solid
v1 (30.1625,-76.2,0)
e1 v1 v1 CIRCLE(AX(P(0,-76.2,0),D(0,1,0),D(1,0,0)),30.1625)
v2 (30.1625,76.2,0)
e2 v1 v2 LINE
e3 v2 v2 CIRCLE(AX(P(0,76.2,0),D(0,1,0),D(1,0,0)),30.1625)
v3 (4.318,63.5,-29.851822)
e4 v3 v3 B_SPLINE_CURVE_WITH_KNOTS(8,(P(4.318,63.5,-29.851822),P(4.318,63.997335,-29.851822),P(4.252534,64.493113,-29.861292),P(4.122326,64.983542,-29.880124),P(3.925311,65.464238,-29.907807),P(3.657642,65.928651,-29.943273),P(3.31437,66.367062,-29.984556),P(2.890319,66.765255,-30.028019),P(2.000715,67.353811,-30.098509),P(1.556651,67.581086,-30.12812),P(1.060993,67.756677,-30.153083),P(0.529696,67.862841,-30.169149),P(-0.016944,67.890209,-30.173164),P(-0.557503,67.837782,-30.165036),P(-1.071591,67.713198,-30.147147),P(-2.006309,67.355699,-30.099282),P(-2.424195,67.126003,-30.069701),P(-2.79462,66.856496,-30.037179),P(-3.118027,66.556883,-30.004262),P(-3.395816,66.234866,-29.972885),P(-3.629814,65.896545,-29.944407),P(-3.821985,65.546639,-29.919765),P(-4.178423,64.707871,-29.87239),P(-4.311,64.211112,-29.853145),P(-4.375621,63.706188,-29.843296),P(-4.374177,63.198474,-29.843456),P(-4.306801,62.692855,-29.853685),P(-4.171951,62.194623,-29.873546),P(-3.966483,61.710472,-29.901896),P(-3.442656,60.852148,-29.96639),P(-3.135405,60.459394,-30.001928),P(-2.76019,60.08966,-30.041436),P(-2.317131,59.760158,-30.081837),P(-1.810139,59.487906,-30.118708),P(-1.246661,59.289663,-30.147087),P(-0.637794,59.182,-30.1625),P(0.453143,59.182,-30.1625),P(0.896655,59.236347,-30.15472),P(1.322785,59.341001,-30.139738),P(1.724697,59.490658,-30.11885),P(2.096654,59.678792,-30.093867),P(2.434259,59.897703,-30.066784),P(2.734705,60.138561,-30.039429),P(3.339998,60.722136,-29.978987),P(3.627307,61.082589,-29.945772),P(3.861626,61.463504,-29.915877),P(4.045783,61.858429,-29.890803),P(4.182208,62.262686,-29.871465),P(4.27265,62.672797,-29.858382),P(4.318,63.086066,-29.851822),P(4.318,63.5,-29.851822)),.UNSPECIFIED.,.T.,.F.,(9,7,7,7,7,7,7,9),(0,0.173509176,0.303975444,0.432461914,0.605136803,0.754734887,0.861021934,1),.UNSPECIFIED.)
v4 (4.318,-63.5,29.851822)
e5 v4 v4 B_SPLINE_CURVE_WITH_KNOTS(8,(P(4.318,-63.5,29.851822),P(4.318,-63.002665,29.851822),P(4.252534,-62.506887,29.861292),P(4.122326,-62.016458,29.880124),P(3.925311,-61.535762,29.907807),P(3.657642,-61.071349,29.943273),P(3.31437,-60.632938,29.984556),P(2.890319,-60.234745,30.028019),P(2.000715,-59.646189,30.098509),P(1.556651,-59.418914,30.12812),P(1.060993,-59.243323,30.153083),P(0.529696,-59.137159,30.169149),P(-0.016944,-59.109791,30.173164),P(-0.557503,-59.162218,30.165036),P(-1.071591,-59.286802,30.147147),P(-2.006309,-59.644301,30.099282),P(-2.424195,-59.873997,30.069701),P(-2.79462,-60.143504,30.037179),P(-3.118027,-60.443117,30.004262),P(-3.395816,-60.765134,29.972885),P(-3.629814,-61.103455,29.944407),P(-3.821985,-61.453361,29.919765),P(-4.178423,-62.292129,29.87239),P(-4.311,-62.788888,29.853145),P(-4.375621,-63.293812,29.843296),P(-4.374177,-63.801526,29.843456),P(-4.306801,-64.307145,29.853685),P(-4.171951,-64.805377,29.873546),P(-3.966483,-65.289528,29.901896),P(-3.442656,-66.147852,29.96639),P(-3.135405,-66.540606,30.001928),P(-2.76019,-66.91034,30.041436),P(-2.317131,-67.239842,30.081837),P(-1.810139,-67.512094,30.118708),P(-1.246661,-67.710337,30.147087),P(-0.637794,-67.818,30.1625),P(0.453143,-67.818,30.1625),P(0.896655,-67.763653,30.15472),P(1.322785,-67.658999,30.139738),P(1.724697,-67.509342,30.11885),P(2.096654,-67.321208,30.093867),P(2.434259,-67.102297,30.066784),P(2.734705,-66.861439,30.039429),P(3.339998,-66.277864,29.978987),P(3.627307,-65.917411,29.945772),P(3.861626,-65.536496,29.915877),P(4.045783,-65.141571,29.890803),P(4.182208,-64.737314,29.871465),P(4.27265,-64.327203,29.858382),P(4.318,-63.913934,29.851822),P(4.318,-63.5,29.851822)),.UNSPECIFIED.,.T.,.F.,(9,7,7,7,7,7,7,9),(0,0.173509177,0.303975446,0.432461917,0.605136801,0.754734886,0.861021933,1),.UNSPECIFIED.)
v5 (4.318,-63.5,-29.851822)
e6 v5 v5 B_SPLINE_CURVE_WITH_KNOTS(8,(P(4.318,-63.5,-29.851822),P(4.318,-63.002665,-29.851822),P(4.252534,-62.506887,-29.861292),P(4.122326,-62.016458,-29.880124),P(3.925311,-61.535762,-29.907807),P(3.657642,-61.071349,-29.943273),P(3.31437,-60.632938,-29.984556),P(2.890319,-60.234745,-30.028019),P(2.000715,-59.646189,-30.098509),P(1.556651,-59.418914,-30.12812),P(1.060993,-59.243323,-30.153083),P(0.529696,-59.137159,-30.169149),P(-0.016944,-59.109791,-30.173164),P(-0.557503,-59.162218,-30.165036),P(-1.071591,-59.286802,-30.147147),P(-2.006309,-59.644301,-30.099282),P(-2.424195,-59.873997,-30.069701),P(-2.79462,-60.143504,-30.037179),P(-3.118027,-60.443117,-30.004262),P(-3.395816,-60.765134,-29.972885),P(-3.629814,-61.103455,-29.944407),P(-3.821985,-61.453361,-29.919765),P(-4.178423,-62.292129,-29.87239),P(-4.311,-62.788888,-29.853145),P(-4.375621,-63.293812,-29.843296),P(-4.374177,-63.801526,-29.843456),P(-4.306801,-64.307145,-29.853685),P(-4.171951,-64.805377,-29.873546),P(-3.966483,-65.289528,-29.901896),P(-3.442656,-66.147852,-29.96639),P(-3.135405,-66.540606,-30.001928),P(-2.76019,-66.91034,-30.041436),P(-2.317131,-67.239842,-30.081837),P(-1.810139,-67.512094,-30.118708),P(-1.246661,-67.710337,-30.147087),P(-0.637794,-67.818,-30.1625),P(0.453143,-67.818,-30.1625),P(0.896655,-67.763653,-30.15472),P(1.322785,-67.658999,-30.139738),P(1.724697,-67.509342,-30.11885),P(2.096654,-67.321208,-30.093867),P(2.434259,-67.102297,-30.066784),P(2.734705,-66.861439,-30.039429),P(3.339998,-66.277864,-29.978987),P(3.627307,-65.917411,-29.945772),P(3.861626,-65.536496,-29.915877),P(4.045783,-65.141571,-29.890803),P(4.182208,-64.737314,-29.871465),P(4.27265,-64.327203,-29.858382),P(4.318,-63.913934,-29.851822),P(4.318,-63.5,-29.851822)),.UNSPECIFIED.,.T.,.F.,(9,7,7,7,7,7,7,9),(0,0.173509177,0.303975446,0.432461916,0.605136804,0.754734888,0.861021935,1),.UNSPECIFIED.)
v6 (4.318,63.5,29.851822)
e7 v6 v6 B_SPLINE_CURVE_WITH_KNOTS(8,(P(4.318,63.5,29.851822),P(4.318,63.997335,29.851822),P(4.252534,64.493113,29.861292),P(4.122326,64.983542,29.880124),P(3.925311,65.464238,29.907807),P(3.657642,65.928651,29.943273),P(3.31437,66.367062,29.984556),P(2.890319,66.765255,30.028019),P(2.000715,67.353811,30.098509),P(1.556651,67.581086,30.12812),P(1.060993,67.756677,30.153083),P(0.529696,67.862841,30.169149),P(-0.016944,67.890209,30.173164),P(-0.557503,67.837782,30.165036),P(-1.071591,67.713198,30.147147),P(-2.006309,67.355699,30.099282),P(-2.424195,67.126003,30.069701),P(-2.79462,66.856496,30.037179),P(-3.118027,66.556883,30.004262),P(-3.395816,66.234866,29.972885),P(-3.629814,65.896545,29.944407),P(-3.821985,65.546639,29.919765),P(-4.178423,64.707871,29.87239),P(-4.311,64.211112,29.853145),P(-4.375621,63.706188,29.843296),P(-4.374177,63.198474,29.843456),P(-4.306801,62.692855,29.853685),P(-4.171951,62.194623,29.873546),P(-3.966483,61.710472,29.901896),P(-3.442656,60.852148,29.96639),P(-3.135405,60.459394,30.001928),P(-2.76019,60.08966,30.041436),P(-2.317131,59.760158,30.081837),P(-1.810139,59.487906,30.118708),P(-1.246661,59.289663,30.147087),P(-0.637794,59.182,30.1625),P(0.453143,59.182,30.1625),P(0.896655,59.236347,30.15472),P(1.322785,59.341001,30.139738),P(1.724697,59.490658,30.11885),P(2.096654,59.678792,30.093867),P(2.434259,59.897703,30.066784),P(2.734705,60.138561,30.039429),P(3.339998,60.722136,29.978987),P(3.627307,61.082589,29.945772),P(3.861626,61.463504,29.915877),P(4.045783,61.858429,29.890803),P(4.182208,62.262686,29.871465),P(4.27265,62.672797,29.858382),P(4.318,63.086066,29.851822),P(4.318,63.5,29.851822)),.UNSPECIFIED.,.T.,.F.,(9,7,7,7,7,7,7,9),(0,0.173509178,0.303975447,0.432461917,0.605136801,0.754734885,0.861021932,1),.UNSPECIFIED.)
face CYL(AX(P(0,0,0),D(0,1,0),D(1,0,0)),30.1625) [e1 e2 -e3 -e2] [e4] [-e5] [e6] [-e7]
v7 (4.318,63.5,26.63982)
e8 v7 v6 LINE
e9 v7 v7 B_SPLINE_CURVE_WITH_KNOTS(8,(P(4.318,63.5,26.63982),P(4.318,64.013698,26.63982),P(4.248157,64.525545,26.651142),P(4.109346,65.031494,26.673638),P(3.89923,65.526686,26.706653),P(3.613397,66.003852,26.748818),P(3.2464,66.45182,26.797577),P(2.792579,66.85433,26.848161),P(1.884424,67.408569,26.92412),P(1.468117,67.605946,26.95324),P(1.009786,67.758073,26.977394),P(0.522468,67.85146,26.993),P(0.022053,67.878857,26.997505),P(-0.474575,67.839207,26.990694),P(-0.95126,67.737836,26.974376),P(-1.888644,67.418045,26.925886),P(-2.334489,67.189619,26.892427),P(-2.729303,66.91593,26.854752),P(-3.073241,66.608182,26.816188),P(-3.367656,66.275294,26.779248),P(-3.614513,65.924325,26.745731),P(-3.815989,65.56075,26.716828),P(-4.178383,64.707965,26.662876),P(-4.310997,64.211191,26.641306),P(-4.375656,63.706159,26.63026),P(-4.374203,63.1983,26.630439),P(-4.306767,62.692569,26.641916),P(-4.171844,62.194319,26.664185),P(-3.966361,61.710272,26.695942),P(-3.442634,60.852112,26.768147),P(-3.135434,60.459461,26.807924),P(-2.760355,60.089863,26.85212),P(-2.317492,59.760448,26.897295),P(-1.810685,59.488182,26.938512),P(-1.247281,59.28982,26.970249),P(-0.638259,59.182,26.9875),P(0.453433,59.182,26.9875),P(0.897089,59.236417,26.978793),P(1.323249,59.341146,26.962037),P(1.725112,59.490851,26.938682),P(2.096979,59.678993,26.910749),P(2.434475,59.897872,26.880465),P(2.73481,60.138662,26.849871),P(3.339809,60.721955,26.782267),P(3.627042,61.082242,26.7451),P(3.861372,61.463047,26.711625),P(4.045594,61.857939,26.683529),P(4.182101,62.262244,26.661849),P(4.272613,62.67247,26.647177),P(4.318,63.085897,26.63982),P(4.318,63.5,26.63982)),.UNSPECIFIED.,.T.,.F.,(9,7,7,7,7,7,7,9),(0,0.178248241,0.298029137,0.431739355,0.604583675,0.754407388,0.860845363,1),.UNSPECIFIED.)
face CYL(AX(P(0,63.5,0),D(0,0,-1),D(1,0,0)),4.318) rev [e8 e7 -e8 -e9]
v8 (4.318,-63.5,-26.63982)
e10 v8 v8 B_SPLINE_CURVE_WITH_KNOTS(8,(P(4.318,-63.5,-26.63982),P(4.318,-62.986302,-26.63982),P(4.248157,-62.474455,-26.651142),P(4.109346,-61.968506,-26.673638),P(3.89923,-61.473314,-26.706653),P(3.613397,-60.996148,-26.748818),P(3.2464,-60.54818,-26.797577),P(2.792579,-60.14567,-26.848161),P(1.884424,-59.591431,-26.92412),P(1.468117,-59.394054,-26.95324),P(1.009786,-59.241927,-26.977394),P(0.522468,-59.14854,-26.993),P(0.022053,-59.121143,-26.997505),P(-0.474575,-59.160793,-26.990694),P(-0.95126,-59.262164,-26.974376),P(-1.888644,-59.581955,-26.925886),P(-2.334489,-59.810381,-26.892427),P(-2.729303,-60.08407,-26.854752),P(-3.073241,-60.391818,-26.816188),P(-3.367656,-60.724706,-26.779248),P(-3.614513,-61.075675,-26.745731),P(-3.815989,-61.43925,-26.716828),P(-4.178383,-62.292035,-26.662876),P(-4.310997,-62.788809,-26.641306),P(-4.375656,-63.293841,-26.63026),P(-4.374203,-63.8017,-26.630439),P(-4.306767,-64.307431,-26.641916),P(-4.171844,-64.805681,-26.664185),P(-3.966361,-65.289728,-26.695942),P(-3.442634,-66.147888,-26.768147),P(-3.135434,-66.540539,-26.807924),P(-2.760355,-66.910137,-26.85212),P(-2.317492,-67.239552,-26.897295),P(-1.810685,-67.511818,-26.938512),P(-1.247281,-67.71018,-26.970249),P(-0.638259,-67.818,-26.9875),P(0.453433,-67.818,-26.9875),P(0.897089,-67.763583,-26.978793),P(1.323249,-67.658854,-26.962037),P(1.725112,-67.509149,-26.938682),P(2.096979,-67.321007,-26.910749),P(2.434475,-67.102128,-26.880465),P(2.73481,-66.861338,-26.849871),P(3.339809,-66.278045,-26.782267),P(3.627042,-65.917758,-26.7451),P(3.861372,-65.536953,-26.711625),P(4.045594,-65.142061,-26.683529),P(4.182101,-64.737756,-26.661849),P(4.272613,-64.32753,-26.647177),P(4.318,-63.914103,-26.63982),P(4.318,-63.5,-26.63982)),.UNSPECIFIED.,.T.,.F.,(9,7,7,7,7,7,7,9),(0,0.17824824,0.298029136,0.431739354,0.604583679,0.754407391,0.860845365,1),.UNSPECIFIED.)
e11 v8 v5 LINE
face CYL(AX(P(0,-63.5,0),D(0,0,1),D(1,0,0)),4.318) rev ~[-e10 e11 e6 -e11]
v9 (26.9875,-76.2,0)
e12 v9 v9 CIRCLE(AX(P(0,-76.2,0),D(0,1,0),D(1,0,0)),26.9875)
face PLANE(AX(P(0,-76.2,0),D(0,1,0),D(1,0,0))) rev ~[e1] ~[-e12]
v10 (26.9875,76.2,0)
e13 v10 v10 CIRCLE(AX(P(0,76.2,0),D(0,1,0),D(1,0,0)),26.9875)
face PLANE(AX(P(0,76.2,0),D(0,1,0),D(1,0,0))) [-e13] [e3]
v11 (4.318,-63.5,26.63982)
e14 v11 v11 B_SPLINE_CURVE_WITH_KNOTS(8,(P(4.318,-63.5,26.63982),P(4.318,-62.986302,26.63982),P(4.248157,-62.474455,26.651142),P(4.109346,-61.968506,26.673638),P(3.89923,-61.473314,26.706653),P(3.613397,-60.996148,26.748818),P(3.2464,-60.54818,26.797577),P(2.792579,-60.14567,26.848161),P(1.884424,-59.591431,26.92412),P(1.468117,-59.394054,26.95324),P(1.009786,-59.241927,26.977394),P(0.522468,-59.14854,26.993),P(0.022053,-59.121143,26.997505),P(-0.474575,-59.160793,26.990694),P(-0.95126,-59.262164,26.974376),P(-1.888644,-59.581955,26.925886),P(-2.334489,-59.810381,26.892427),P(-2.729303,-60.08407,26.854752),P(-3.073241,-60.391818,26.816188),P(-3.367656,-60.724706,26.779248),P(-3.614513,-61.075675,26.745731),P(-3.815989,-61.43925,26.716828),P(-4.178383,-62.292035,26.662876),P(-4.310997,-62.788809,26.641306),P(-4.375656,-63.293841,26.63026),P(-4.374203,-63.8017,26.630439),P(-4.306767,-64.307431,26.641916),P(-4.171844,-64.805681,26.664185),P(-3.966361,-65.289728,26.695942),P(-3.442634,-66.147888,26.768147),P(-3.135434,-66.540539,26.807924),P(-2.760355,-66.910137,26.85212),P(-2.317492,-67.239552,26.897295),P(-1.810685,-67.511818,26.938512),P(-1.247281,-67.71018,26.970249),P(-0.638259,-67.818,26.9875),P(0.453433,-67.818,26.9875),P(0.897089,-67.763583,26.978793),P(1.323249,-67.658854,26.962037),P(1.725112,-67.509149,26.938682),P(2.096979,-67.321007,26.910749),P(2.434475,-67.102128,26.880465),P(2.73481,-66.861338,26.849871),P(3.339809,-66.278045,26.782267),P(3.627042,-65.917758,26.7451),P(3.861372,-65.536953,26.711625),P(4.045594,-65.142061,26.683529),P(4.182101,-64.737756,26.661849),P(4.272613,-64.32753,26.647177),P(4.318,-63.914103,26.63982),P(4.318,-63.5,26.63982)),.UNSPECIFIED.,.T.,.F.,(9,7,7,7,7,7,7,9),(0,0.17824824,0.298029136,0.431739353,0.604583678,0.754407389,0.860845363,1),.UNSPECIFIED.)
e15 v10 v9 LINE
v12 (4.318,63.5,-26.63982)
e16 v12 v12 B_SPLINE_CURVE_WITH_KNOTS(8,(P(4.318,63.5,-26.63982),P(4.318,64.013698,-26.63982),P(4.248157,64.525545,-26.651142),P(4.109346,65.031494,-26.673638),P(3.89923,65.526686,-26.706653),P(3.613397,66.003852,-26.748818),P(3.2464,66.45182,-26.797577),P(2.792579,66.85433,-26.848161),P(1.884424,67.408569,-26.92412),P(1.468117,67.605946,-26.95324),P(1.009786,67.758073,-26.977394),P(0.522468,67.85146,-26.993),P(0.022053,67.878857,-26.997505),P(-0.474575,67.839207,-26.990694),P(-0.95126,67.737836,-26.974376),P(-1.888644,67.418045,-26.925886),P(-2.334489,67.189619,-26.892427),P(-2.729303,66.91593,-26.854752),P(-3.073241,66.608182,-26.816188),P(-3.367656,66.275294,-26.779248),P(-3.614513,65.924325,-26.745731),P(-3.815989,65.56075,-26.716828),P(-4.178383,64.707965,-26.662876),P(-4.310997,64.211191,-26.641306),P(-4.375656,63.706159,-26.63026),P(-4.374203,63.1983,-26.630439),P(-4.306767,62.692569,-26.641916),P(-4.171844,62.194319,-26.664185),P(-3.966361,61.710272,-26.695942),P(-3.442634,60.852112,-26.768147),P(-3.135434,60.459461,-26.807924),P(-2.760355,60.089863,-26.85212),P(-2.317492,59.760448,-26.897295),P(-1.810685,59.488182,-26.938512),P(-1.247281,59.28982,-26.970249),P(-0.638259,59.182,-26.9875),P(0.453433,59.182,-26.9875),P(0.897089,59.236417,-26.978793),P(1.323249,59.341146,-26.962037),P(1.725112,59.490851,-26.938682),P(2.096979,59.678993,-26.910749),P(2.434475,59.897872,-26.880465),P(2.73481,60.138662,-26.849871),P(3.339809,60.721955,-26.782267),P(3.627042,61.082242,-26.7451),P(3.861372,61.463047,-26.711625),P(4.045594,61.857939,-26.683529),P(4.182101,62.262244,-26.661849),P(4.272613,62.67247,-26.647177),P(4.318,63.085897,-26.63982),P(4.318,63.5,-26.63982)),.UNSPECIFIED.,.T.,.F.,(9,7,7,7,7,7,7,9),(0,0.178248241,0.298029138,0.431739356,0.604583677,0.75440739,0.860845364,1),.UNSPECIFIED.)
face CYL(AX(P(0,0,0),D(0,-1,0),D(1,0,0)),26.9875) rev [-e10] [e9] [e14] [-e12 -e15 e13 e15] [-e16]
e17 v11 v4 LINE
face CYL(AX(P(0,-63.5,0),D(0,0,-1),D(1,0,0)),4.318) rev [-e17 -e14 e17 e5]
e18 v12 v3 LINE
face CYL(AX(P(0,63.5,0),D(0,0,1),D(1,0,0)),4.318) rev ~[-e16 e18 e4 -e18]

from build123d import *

# Parameters (mm, degrees)
BOSS_EXTRUDE1_DEPTH            = 76.2
BOSS_EXTRUDE1_DEPTH_BACK       = 76.2
SKETCH1_R                      = 30.1625
SKETCH1_R_2                    = 26.9875
CUT_EXTRUDE1_REACH             = 89.327
SKETCH2_R                      = 4.318
CUT_EXTRUDE1_DIRECTION_2_REACH = 89.327


with BuildPart() as part:
    # Sketch1 → Boss-Extrude1 (new, two sides: drawn at the far end of the back side and taken through both)
    with BuildSketch(Plane(origin=(0, 0, 0), x_dir=(1, 0, 0), z_dir=(0, 1, 0)).offset(-BOSS_EXTRUDE1_DEPTH_BACK)):
        Circle(SKETCH1_R)
        Circle(SKETCH1_R_2, mode=Mode.SUBTRACT)
    extrude(amount=BOSS_EXTRUDE1_DEPTH + BOSS_EXTRUDE1_DEPTH_BACK)

    # Sketch2 → Cut-Extrude1 (cut, up to next)
    with BuildSketch(Plane.XY, mode=Mode.PRIVATE) as cut_extrude1_sk1:
        with Locations((0, 63.5)):
            Circle(SKETCH2_R)
    cut_extrude1_tool1 = extrude(cut_extrude1_sk1.sketch, amount=-CUT_EXTRUDE1_REACH, mode=Mode.PRIVATE) & part.part
    # Sketch2 → Cut-Extrude1 (cut, up to next)
    with BuildSketch(Plane.XY, mode=Mode.PRIVATE) as cut_extrude1_sk2:
        with Locations((0, -63.5)):
            Circle(SKETCH2_R)
    cut_extrude1_tool2 = extrude(cut_extrude1_sk2.sketch, amount=-CUT_EXTRUDE1_REACH, mode=Mode.PRIVATE) & part.part
    add(cut_extrude1_tool1.solids().sort_by_distance((0, 63.5, 0))[0], mode=Mode.SUBTRACT)
    add(cut_extrude1_tool2.solids().sort_by_distance((0, -63.5, 0))[0], mode=Mode.SUBTRACT)

    # Sketch2 → Cut-Extrude1 direction 2 (cut, up to next)
    with BuildSketch(Plane.XY, mode=Mode.PRIVATE) as cut_extrude1_direction_2_sk1:
        with Locations((0, 63.5)):
            Circle(SKETCH2_R)
    cut_extrude1_direction_2_tool1 = extrude(cut_extrude1_direction_2_sk1.sketch, amount=CUT_EXTRUDE1_DIRECTION_2_REACH, mode=Mode.PRIVATE) & part.part
    # Sketch2 → Cut-Extrude1 direction 2 (cut, up to next)
    with BuildSketch(Plane.XY, mode=Mode.PRIVATE) as cut_extrude1_direction_2_sk2:
        with Locations((0, -63.5)):
            Circle(SKETCH2_R)
    cut_extrude1_direction_2_tool2 = extrude(cut_extrude1_direction_2_sk2.sketch, amount=CUT_EXTRUDE1_DIRECTION_2_REACH, mode=Mode.PRIVATE) & part.part
    add(cut_extrude1_direction_2_tool1.solids().sort_by_distance((0, 63.5, 0))[0], mode=Mode.SUBTRACT)
    add(cut_extrude1_direction_2_tool2.solids().sort_by_distance((0, -63.5, 0))[0], mode=Mode.SUBTRACT)


solid = part.part
